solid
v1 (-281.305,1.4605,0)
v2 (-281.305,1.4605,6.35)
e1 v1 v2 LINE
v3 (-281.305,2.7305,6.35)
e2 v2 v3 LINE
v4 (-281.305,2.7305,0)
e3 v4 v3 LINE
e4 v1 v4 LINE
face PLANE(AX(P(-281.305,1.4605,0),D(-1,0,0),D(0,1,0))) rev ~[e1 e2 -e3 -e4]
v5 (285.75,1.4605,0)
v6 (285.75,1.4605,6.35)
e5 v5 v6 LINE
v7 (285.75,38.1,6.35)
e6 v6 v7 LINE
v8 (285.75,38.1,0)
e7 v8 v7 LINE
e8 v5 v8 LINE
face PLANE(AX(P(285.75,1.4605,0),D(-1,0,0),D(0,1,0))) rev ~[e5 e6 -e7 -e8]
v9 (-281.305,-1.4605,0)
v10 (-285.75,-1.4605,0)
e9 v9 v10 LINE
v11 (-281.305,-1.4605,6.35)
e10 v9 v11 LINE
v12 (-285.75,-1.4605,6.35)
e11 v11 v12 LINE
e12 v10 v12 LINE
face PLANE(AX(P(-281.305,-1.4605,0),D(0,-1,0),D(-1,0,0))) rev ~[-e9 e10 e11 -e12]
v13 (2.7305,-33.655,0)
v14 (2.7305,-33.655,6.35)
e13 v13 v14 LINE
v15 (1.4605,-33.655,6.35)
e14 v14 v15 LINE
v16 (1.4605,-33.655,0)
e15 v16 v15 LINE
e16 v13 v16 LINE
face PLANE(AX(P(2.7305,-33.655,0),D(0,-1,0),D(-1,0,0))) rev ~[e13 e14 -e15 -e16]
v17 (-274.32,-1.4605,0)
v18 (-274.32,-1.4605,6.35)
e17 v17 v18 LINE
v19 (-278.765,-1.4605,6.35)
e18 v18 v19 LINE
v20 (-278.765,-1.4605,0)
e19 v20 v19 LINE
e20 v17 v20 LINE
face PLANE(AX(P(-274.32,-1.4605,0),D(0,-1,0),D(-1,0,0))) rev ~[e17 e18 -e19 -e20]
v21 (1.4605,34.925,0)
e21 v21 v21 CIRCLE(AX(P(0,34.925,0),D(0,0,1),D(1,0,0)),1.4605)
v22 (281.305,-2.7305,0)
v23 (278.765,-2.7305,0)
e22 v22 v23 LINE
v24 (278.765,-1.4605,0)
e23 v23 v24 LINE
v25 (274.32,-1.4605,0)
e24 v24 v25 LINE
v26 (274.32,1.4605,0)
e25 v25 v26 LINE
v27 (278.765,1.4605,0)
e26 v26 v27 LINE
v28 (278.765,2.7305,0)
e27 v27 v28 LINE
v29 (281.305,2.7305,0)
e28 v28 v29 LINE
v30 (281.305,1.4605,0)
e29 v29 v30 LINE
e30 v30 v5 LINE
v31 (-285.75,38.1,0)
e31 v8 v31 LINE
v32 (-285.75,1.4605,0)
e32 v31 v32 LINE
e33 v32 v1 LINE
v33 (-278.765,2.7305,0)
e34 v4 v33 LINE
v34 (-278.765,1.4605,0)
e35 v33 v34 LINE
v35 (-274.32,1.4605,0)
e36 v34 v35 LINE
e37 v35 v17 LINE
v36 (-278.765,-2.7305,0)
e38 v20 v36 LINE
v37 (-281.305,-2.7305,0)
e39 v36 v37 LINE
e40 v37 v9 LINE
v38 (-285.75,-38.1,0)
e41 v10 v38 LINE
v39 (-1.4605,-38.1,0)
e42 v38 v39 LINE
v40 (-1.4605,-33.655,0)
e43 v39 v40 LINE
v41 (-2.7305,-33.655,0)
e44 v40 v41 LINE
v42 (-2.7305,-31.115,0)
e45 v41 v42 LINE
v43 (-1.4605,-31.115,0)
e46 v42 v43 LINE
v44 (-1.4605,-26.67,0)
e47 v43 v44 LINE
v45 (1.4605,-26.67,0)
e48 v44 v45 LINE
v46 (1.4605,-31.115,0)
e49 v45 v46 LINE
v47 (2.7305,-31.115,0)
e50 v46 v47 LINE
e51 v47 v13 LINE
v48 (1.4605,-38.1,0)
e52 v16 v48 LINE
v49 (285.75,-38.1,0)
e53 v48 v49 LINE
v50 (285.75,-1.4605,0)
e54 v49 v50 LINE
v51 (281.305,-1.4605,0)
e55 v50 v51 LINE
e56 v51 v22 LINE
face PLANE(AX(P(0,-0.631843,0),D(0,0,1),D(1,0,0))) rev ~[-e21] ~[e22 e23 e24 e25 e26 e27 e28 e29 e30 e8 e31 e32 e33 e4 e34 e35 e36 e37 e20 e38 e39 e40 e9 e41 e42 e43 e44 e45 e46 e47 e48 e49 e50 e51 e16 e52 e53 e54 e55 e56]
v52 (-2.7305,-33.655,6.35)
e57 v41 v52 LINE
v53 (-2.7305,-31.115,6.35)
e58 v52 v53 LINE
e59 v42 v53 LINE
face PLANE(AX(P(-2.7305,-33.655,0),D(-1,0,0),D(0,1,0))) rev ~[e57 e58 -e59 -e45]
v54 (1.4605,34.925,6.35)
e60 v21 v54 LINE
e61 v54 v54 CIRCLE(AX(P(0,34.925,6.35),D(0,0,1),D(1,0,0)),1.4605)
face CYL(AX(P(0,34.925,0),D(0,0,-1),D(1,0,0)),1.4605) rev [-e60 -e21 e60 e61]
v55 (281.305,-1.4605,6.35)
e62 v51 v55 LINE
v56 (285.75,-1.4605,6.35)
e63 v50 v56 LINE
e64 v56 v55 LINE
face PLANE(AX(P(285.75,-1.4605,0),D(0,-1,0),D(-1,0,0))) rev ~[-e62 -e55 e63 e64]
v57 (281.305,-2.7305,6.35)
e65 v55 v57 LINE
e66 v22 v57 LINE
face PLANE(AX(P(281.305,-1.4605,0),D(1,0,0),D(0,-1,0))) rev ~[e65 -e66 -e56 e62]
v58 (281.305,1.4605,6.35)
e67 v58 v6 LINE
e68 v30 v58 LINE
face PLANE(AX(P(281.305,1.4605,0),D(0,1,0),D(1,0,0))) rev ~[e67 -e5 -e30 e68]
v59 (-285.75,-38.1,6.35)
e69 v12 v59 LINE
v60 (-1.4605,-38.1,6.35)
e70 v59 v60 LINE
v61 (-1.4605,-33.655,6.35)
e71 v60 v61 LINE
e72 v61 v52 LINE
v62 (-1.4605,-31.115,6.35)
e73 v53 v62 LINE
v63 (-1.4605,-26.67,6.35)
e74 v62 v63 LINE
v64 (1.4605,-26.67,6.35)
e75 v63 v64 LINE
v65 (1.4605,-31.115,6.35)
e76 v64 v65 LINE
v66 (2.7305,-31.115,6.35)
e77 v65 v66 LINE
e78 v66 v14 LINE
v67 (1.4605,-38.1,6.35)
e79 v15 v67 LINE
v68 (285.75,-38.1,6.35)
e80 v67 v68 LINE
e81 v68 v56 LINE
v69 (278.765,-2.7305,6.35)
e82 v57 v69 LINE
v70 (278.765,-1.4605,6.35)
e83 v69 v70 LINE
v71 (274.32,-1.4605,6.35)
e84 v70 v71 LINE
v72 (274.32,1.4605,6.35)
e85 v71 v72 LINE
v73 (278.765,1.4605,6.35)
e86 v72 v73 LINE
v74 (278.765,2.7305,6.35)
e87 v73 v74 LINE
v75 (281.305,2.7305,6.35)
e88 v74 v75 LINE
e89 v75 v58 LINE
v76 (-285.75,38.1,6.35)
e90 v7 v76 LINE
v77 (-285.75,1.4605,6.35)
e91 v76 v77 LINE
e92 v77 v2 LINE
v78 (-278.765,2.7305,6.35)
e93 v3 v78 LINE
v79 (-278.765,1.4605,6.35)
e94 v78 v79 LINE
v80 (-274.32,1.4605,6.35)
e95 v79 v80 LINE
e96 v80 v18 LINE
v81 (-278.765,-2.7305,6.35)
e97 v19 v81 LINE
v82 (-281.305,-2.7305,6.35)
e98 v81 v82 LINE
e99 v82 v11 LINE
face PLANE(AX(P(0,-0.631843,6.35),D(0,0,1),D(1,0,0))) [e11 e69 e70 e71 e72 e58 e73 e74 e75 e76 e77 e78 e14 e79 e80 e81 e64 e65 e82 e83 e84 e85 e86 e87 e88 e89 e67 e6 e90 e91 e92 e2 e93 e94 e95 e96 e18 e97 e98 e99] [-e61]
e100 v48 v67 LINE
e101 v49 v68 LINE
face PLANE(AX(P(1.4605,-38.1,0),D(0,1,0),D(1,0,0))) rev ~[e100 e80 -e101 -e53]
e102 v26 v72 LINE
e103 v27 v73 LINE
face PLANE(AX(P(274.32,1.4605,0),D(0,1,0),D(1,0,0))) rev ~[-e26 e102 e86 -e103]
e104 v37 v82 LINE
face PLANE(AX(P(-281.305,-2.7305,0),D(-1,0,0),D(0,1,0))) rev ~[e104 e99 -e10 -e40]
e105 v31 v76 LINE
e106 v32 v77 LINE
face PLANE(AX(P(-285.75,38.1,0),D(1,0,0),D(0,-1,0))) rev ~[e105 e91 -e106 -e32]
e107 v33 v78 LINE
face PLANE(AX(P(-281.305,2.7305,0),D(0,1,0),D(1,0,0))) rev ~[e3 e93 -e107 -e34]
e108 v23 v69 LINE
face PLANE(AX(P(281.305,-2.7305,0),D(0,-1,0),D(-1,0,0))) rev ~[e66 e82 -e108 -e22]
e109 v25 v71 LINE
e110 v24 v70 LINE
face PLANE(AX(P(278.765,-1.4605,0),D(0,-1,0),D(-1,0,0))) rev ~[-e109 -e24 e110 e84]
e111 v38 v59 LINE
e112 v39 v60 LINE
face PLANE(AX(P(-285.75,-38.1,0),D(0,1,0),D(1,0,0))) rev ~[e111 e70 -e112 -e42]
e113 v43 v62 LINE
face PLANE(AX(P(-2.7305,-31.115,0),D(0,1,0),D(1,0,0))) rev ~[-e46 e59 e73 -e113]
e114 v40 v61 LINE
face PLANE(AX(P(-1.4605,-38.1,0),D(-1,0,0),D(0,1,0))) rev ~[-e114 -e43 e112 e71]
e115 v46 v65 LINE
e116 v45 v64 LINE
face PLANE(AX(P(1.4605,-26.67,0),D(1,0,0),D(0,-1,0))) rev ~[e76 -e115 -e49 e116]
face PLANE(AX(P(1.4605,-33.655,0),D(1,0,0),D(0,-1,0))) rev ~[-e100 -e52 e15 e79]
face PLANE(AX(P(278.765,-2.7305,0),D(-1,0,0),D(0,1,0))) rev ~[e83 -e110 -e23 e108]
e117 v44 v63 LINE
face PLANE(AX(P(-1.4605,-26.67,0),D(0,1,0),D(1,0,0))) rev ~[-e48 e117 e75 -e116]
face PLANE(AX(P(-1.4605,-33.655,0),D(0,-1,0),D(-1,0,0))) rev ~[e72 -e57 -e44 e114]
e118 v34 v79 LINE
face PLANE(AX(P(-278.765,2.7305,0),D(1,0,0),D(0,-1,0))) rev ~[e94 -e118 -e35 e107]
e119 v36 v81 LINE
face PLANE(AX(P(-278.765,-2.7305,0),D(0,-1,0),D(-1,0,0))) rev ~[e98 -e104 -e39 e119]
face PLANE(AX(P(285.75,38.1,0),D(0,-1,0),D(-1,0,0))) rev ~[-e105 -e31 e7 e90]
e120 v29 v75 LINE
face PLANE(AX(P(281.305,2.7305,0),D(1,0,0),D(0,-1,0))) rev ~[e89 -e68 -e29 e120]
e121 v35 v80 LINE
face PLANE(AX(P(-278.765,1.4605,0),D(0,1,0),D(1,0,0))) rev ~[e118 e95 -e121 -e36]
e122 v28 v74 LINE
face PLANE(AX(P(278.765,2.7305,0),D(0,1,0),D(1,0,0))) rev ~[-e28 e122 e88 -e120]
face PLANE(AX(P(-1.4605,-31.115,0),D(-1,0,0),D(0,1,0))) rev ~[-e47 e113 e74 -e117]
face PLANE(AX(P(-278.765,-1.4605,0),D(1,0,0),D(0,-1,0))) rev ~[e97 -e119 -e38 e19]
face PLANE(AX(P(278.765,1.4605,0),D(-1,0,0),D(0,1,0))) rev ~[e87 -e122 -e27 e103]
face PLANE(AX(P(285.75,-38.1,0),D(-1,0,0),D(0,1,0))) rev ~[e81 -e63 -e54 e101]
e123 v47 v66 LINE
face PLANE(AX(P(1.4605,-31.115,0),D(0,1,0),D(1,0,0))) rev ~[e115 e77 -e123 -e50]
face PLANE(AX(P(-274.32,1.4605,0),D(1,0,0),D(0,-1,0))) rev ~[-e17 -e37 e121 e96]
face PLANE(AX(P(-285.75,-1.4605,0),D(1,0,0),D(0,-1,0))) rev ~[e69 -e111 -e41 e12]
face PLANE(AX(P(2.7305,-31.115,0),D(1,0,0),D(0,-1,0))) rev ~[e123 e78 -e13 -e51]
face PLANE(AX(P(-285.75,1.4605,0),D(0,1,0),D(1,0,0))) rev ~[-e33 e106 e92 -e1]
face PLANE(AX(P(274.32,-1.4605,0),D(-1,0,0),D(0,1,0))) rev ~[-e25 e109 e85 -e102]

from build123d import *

# Parameters (mm, degrees)
F0_R     = 1.4605
F1_DEPTH = 6.35


with BuildPart() as f1:
    # F0 (on Top) → F1 (new body)
    with BuildSketch(Plane.XY):
        Polygon((1.4605, -38.1), (285.75, -38.1), (285.75, -1.4605), (281.305, -1.4605), (281.305, -2.7305), (278.765, -2.7305), (278.765, -1.4605), (274.32, -1.4605), (274.32, 0), (274.32, 1.4605), (278.765, 1.4605), (278.765, 2.7305), (281.305, 2.7305), (281.305, 1.4605), (285.75, 1.4605), (285.75, 38.1), (-285.75, 38.1), (-285.75, 1.4605), (-281.305, 1.4605), (-281.305, 2.7305), (-278.765, 2.7305), (-278.765, 1.4605), (-274.32, 1.4605), (-274.32, 0), (-274.32, -1.4605), (-278.765, -1.4605), (-278.765, -2.7305), (-281.305, -2.7305), (-281.305, -1.4605), (-285.75, -1.4605), (-285.75, -38.1), (-1.4605, -38.1), (-1.4605, -33.655), (-2.7305, -33.655), (-2.7305, -31.115), (-1.4605, -31.115), (-1.4605, -26.67), (0, -26.67), (1.4605, -26.67), (1.4605, -31.115), (2.7305, -31.115), (2.7305, -33.655), (1.4605, -33.655), align=None)
        with Locations((0, 34.925)):
            Circle(F0_R, mode=Mode.SUBTRACT)
    extrude(amount=F1_DEPTH)


solid = f1.part
